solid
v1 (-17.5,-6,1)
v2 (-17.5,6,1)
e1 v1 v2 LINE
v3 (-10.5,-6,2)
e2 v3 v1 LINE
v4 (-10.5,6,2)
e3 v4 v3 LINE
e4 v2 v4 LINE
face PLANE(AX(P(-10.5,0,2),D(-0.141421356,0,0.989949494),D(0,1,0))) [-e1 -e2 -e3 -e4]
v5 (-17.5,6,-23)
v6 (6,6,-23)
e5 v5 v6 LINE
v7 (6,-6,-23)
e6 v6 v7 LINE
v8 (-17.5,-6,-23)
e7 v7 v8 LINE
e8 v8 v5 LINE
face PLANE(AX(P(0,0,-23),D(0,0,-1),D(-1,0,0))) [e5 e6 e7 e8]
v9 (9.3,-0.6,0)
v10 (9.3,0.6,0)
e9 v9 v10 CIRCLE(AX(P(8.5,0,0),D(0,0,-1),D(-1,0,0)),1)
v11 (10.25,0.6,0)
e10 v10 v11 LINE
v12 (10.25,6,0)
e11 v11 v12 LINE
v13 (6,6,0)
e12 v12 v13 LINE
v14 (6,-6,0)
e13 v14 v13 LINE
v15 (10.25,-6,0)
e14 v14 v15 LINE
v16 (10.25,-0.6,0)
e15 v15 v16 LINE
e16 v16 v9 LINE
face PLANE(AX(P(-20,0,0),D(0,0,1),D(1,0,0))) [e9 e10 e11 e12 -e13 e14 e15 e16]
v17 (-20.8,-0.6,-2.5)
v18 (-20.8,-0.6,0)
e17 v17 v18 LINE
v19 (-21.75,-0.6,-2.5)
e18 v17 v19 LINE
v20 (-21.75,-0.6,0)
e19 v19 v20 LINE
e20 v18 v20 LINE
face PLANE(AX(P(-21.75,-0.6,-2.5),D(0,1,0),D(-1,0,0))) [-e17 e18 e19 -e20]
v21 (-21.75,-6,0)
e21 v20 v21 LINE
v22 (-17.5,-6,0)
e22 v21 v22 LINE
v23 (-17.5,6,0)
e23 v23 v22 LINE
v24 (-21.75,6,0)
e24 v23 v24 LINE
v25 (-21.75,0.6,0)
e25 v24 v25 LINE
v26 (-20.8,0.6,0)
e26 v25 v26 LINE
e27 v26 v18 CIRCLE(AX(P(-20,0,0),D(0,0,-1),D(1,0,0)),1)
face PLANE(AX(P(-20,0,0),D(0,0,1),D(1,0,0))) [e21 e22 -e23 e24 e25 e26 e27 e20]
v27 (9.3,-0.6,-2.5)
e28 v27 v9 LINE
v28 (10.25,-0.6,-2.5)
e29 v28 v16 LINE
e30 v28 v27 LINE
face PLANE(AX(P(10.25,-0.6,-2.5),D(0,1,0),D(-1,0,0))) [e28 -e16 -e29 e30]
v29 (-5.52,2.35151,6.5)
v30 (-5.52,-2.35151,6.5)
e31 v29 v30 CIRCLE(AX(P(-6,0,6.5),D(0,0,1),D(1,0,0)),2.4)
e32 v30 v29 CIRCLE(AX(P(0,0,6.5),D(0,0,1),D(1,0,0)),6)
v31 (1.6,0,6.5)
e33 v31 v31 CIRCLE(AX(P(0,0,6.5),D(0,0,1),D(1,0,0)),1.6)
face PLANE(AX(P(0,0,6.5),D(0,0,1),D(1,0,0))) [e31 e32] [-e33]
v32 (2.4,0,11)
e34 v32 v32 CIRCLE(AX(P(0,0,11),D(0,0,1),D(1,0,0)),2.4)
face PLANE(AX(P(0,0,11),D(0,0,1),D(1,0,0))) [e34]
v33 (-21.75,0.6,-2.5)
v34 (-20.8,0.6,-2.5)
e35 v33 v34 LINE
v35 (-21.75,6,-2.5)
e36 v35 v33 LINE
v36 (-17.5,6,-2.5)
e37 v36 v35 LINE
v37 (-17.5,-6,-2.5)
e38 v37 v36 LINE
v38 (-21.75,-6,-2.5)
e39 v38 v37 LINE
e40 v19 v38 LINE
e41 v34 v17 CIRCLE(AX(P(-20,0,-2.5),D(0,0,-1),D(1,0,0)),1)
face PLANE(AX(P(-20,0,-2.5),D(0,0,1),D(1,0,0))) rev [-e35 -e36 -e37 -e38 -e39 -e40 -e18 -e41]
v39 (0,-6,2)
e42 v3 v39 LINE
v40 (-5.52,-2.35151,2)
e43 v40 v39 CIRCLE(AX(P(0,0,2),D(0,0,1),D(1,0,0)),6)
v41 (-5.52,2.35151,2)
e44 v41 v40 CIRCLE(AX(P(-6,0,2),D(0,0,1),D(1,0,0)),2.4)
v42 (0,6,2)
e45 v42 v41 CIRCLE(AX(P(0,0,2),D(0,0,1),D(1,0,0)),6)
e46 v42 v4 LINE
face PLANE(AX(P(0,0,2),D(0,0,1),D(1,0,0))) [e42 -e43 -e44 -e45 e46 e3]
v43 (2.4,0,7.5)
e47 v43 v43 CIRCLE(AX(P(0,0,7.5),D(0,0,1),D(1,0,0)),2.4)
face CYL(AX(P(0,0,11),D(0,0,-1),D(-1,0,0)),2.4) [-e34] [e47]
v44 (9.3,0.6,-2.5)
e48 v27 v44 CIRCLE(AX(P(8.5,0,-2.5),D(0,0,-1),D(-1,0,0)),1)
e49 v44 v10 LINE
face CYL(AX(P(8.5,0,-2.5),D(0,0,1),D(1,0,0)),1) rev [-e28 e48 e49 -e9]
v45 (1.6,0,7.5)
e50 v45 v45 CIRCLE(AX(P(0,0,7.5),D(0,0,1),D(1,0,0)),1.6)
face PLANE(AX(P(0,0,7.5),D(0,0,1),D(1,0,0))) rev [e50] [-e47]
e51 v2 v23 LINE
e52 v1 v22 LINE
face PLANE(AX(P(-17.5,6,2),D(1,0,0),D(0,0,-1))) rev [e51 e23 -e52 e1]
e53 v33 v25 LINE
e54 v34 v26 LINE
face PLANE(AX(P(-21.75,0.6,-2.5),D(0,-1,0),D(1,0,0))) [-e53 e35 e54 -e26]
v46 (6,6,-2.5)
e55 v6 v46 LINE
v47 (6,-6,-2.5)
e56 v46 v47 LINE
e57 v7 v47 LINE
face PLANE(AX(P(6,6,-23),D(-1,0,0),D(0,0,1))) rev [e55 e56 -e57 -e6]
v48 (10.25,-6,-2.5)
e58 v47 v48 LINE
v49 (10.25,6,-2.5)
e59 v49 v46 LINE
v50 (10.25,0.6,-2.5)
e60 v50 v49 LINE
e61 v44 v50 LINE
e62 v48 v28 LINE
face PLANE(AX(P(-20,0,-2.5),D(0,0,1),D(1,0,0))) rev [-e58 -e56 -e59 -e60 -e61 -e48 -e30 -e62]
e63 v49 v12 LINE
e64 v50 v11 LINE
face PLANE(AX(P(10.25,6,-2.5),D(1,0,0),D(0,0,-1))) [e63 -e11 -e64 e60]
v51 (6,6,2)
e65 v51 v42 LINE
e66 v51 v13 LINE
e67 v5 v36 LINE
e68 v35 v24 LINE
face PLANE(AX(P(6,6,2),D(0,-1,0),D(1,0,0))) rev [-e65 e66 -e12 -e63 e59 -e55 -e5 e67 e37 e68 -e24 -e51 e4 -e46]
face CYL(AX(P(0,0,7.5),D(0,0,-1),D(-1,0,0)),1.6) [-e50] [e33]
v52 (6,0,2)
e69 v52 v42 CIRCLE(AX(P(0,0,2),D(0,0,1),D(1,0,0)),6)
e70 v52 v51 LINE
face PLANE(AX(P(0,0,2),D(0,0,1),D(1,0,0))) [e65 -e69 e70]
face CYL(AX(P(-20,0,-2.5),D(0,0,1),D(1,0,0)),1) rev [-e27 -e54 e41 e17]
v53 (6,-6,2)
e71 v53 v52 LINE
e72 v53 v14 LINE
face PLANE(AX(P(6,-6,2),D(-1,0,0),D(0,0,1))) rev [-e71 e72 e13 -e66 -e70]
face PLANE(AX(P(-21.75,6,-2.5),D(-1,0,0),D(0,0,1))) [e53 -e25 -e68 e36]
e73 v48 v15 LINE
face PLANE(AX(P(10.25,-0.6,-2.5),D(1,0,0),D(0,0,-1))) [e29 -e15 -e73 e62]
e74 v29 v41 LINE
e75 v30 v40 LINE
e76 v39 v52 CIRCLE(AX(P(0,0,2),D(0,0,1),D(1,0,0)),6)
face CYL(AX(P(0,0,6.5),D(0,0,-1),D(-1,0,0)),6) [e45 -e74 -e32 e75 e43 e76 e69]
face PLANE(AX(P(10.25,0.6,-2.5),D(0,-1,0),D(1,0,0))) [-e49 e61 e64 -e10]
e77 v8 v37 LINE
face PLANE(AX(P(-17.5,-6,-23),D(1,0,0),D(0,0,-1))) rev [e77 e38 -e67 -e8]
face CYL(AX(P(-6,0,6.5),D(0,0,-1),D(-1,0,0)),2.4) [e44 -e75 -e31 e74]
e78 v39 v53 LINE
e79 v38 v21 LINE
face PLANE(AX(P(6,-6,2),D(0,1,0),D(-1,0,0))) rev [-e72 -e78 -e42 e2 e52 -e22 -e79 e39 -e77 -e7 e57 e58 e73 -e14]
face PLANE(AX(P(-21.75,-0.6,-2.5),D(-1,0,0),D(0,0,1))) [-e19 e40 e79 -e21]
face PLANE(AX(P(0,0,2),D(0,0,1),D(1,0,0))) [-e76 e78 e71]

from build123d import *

# Parameters (mm, degrees)
SKETCH1_R           = 6
BOSS_EXTRUDE1_DEPTH = 6.5
SKETCH2_W           = 23.5
SKETCH2_H           = 12
BOSS_EXTRUDE2_DEPTH = 2
BOSS_EXTRUDE3_DEPTH = 2.5
SKETCH4_W           = 23.5
SKETCH4_H           = 12
BOSS_EXTRUDE4_DEPTH = 20.5
BOSS_EXTRUDE5_DEPTH = 4.5
SKETCH6_R           = 1.6
BOSS_EXTRUDE6_DEPTH = 1
SKETCH7_R           = 2.4
BOSS_EXTRUDE7_DEPTH = 3.5
CHAMFER1_SIZE       = 1
CHAMFER1_SIZE2      = 7


with BuildPart() as part:
    # Sketch1 → Boss-Extrude1 (new body)
    with BuildSketch(Plane.XY):
        with Locations(Location((0, 0, 0), (0, 0, 180))):
            Circle(SKETCH1_R)
    extrude(amount=BOSS_EXTRUDE1_DEPTH)

    # Sketch2 → Boss-Extrude2 (add)
    with BuildSketch(Plane.XY):
        with Locations((-5.75, 0)):
            Rectangle(SKETCH2_W, SKETCH2_H)
    extrude(amount=BOSS_EXTRUDE2_DEPTH)

    # Sketch3 → Boss-Extrude3 (add)
    with BuildSketch(Plane.XY):
        with BuildLine():
            Line((10.25, 6), (-21.75, 6))
            Line((-21.75, 6), (-21.75, 0.6))
            Line((-21.75, 0.6), (-20.8, 0.6))
            ThreePointArc((-20.8, 0.6), (-19, 0), (-20.8, -0.6))
            Line((-20.8, -0.6), (-21.75, -0.6))
            Line((-21.75, -0.6), (-21.75, -6))
            Line((-21.75, -6), (10.25, -6))
            Line((10.25, -6), (10.25, -0.6))
            Line((10.25, -0.6), (9.3, -0.6))
            ThreePointArc((9.3, -0.6), (7.5, 0), (9.3, 0.6))
            Line((9.3, 0.6), (10.25, 0.6))
            Line((10.25, 0.6), (10.25, 6))
        make_face()
    extrude(amount=-BOSS_EXTRUDE3_DEPTH)

    # Sketch4 → Boss-Extrude4 (add)
    with BuildSketch(Plane(origin=(0, 0, -2.5), x_dir=(-1, 0, 0), z_dir=(0, 0, -1))):
        with Locations((5.75, 0)):
            Rectangle(SKETCH4_W, SKETCH4_H)
    extrude(amount=BOSS_EXTRUDE4_DEPTH)

    # Sketch5 → Boss-Extrude5 (add)
    with BuildSketch(Plane.XY.offset(2)):
        with BuildLine():
            ThreePointArc((-5.52, -2.351510153), (-6, 0), (-5.52, 2.351510153))
            ThreePointArc((-5.52, 2.351510153), (-8.4, 0), (-5.52, -2.351510153))
        make_face()
    extrude(amount=BOSS_EXTRUDE5_DEPTH)

    # Sketch6 → Boss-Extrude6 (add)
    with BuildSketch(Plane.XY.offset(6.5)):
        Circle(SKETCH6_R)
    extrude(amount=BOSS_EXTRUDE6_DEPTH)

    # Sketch7 → Boss-Extrude7 (add)
    with BuildSketch(Plane.XY.offset(7.5)):
        Circle(SKETCH7_R)
    extrude(amount=BOSS_EXTRUDE7_DEPTH)

    # Chamfer1
    chamfer1_edges = [part.edges().sort_by_distance(p)[0] for p in [
        (-17.5, 0, 2),
    ]]
    chamfer1_side = [part.faces().sort_by_distance(p)[0] for p in [
        (-17.5, 0, 1),
    ]]
    chamfer(chamfer1_edges, length=CHAMFER1_SIZE, length2=CHAMFER1_SIZE2, reference=chamfer1_side[0])


solid = part.part
